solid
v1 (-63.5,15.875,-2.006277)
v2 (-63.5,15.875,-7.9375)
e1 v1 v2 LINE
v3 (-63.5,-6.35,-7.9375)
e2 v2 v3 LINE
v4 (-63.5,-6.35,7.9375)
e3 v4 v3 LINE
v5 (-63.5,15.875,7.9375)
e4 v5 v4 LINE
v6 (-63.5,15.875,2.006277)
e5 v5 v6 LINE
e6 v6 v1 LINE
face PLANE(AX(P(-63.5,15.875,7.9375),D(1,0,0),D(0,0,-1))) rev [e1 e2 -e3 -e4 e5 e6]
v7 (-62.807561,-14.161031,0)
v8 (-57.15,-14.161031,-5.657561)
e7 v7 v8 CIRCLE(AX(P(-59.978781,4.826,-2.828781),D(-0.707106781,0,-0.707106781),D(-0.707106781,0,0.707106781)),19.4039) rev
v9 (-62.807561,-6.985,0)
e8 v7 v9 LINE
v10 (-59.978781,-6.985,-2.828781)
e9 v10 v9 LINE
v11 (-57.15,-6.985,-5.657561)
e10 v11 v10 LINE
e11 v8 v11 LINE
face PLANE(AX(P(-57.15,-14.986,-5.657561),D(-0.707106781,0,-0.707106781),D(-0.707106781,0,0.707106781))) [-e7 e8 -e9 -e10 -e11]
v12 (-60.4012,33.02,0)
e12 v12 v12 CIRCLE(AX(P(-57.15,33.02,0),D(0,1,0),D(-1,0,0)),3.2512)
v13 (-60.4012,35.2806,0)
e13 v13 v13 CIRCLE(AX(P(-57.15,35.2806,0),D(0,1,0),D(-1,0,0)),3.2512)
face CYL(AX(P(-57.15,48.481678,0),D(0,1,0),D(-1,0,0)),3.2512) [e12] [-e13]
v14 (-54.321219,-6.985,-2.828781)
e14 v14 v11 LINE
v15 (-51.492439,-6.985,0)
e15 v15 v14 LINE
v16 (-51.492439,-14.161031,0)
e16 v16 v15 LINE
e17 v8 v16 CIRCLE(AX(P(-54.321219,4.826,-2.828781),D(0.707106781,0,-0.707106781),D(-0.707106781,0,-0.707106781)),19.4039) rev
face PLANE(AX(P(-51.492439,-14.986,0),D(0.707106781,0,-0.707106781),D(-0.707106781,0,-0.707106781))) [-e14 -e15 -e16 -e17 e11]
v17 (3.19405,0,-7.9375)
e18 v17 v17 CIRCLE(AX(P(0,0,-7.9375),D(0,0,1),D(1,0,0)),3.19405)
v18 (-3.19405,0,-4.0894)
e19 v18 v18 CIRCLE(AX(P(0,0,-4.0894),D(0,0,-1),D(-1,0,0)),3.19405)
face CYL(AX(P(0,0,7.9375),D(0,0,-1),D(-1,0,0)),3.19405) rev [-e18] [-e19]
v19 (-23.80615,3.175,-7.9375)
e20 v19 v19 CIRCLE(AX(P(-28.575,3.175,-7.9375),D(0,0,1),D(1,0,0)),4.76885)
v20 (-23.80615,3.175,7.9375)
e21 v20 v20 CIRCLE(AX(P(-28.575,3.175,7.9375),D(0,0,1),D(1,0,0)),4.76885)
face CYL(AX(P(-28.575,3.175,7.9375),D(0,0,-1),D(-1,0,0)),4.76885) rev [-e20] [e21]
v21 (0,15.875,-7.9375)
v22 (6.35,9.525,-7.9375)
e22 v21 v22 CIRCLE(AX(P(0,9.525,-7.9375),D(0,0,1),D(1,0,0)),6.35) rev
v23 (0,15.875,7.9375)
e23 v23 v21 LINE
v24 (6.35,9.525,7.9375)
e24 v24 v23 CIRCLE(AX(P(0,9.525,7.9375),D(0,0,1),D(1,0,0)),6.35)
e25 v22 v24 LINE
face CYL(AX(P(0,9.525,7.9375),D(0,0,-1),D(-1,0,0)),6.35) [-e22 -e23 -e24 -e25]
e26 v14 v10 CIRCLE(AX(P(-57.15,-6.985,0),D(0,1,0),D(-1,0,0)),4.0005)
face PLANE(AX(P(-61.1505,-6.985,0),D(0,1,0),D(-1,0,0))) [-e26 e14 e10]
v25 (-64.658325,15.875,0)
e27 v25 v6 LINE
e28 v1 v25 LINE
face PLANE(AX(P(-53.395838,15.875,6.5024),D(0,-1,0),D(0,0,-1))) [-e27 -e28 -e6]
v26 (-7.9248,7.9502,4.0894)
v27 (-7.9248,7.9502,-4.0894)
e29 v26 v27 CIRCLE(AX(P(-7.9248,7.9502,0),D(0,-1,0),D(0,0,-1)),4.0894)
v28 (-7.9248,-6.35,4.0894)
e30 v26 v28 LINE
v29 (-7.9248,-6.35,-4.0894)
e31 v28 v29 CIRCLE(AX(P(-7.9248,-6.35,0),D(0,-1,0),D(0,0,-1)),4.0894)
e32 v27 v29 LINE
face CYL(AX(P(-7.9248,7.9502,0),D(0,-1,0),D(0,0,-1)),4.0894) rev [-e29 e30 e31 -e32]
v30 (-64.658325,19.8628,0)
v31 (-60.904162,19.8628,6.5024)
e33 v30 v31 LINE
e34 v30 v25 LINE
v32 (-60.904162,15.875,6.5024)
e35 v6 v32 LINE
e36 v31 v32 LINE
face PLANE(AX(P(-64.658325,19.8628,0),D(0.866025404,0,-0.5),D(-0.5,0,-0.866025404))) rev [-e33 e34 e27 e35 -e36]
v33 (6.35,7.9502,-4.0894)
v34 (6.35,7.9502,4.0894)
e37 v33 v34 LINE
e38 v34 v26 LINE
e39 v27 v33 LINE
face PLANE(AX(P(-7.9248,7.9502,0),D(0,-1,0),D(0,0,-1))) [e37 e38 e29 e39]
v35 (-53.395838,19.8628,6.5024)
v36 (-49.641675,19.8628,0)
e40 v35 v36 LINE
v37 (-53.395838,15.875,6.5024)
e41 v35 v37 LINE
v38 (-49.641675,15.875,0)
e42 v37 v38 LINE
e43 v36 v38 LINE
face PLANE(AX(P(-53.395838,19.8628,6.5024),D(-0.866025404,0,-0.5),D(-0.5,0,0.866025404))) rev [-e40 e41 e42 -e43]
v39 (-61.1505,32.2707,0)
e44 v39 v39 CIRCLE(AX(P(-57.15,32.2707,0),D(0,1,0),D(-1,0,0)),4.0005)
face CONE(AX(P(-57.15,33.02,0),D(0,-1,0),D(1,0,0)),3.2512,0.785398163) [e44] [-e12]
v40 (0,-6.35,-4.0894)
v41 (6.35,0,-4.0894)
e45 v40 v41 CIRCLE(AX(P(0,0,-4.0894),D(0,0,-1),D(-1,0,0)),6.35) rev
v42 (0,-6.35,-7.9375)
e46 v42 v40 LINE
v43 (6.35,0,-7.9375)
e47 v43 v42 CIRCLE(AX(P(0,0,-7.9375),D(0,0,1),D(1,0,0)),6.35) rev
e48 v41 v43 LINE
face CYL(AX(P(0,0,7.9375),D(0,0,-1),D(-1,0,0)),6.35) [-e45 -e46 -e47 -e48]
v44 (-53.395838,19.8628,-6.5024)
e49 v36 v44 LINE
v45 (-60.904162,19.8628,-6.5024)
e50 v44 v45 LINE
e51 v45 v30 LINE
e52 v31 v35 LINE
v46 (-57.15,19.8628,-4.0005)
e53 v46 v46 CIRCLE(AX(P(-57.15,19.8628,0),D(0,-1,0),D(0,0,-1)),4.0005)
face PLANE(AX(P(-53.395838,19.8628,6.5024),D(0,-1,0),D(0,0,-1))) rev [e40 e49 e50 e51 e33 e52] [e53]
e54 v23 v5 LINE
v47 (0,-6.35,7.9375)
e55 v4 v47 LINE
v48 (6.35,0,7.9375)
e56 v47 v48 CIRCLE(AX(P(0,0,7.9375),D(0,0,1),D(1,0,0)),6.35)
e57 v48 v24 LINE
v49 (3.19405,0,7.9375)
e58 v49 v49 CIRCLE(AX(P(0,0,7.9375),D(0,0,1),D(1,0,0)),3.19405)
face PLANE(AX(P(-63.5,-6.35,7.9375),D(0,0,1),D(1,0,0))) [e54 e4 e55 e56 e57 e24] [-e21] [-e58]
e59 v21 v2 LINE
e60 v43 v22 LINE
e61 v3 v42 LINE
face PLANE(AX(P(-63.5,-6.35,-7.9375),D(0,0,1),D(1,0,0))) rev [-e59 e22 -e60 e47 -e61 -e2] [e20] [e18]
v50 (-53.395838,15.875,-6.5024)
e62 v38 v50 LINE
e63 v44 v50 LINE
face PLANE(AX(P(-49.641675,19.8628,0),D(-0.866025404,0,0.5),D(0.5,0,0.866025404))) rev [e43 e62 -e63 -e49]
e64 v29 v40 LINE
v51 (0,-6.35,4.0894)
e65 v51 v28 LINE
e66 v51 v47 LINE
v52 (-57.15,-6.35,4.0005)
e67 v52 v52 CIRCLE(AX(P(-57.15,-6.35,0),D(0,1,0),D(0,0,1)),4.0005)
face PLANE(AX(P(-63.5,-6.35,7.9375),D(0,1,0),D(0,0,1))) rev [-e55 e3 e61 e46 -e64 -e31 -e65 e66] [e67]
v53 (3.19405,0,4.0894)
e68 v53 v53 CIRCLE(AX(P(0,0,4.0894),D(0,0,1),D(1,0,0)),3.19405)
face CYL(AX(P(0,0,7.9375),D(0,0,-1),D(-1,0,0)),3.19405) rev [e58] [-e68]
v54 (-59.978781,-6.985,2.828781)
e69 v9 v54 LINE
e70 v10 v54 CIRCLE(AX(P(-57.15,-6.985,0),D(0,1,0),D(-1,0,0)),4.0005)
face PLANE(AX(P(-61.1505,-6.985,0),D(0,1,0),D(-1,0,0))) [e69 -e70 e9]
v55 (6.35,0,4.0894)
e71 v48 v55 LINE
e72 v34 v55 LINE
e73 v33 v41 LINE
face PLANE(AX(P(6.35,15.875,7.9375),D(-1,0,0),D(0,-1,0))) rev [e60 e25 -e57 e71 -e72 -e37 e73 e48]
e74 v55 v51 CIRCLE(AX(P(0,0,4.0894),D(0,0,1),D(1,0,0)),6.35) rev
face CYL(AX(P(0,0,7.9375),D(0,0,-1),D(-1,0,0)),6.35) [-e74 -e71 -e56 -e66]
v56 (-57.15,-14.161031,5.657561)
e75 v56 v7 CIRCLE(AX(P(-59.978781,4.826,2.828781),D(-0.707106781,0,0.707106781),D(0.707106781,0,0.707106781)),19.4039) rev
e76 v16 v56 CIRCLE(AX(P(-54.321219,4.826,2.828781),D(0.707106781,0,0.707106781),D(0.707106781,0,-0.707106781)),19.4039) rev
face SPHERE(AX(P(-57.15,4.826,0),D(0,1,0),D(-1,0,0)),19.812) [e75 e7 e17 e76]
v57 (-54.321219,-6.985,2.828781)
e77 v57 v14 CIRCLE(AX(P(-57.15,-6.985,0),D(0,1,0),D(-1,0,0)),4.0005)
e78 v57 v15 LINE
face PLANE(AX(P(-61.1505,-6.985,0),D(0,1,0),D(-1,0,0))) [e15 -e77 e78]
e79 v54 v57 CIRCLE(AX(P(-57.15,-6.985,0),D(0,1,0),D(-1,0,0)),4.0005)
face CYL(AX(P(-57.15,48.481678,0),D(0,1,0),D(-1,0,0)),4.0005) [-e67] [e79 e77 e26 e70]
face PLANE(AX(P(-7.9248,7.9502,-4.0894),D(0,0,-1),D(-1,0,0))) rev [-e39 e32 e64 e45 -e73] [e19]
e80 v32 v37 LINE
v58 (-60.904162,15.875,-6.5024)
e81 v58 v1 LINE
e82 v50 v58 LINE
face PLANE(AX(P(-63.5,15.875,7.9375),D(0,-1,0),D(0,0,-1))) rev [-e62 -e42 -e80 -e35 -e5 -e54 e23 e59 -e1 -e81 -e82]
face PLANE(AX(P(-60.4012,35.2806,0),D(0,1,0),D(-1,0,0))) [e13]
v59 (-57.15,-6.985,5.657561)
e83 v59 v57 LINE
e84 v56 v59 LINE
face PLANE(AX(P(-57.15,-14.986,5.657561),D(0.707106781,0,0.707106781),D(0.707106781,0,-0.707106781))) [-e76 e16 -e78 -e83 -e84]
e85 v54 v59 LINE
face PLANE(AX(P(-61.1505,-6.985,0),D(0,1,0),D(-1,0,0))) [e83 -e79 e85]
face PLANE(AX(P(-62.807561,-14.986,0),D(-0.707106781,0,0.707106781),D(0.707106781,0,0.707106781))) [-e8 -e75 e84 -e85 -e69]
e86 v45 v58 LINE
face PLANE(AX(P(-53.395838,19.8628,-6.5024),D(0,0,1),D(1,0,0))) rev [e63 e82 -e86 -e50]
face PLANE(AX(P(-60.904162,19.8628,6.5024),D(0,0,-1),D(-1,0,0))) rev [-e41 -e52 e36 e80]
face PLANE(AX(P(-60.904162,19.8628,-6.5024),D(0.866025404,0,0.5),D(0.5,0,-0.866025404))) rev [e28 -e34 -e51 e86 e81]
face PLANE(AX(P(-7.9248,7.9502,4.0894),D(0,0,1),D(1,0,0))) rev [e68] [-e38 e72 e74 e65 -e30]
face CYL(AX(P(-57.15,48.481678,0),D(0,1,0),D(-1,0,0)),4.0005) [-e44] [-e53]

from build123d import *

# Parameters (mm, degrees)
SKETCH11_W         = 69.85
SKETCH11_H         = 22.225
SKETCH11_R         = 3.19405
SKETCH11_R_2       = 4.76885
EXTRUDE3_DEPTH     = 7.9375
CUT_EXTRUDE1_DEPTH = 14.3002
FILLET1_R          = 6.35
EXTRUDE4_DEPTH     = 3.9878
SKETCH15_R         = 15.311270849
CUT_EXTRUDE2_DEPTH = 9.001


with BuildPart() as part:
    # Sketch11 → Extrude3 (new body, symmetric)
    with BuildSketch(Plane.XY):
        with Locations((-28.575, 4.7625)):
            Rectangle(SKETCH11_W, SKETCH11_H)
        Circle(SKETCH11_R, mode=Mode.SUBTRACT)
        with Locations((-28.575, 3.175)):
            Circle(SKETCH11_R_2, mode=Mode.SUBTRACT)
    extrude(amount=EXTRUDE3_DEPTH, both=True)

    # Sketch12 → Cut-Extrude1 (cut)
    with BuildSketch(Plane.XZ.offset(6.35)):
        with BuildLine():
            Line((-7.9248, 4.0894), (6.35, 4.0894))
            Line((6.35, 4.0894), (6.35, -4.0894))
            Line((6.35, -4.0894), (-7.9248, -4.0894))
            ThreePointArc((-7.9248, -4.0894), (-12.0142, 0), (-7.9248, 4.0894))
        make_face()
    extrude(amount=-CUT_EXTRUDE1_DEPTH, mode=Mode.SUBTRACT)

    # Fillet1
    fillet1_edges = [part.edges().sort_by_distance(p)[0] for p in [
        (6.35, -6.35, -6.01345),
        (6.35, 15.875, 0),
        (6.35, -6.35, 6.01345),
    ]]
    fillet(fillet1_edges, radius=FILLET1_R)

    # Sketch13 → Extrude4 (add)
    with BuildSketch(Plane(origin=(0, 15.875, 0), x_dir=(1, 0, 0), z_dir=(0, 1, 0))):
        Polygon((-49.641675219, 0), (-53.39583761, 6.5024), (-60.90416239, 6.5024), (-64.658324781, 0), (-60.90416239, -6.5024), (-53.39583761, -6.5024), align=None)
    extrude(amount=EXTRUDE4_DEPTH)

    # Sketch14 → Revolve2 (revolve)
    with BuildSketch(Plane.XY):
        with BuildLine():
            Line((-60.4012, 33.02), (-60.4012, 35.2806))
            Line((-60.4012, 35.2806), (-57.15, 35.2806))
            Line((-57.15, 35.2806), (-57.15, -14.986))
            ThreePointArc((-57.15, -14.986), (-65.618148204, -13.085052733), (-72.461270849, -7.747))
            Line((-72.461270849, -7.747), (-72.461270849, -6.985))
            Line((-72.461270849, -6.985), (-61.1505, -6.985))
            Line((-61.1505, -6.985), (-61.1505, 32.2707))
            Line((-61.1505, 32.2707), (-60.4012, 33.02))
        make_face()
    revolve(axis=Axis((-57.15, 48.481677569, 0), (0, -1, 0)))

    # Sketch15 → Cut-Extrude2 (cut, through all)
    with BuildSketch(Plane(origin=(0, -6.985, 0), x_dir=(1, 0, 0), z_dir=(0, 1, 0))):
        with Locations((-57.15, 0)):
            Circle(SKETCH15_R)
        Polygon((-57.15, 5.657561356), (-62.807561356, 0), (-57.15, -5.657561356), (-51.492438644, 0), align=None, mode=Mode.SUBTRACT)
    extrude(amount=-CUT_EXTRUDE2_DEPTH, mode=Mode.SUBTRACT)


solid = part.part
